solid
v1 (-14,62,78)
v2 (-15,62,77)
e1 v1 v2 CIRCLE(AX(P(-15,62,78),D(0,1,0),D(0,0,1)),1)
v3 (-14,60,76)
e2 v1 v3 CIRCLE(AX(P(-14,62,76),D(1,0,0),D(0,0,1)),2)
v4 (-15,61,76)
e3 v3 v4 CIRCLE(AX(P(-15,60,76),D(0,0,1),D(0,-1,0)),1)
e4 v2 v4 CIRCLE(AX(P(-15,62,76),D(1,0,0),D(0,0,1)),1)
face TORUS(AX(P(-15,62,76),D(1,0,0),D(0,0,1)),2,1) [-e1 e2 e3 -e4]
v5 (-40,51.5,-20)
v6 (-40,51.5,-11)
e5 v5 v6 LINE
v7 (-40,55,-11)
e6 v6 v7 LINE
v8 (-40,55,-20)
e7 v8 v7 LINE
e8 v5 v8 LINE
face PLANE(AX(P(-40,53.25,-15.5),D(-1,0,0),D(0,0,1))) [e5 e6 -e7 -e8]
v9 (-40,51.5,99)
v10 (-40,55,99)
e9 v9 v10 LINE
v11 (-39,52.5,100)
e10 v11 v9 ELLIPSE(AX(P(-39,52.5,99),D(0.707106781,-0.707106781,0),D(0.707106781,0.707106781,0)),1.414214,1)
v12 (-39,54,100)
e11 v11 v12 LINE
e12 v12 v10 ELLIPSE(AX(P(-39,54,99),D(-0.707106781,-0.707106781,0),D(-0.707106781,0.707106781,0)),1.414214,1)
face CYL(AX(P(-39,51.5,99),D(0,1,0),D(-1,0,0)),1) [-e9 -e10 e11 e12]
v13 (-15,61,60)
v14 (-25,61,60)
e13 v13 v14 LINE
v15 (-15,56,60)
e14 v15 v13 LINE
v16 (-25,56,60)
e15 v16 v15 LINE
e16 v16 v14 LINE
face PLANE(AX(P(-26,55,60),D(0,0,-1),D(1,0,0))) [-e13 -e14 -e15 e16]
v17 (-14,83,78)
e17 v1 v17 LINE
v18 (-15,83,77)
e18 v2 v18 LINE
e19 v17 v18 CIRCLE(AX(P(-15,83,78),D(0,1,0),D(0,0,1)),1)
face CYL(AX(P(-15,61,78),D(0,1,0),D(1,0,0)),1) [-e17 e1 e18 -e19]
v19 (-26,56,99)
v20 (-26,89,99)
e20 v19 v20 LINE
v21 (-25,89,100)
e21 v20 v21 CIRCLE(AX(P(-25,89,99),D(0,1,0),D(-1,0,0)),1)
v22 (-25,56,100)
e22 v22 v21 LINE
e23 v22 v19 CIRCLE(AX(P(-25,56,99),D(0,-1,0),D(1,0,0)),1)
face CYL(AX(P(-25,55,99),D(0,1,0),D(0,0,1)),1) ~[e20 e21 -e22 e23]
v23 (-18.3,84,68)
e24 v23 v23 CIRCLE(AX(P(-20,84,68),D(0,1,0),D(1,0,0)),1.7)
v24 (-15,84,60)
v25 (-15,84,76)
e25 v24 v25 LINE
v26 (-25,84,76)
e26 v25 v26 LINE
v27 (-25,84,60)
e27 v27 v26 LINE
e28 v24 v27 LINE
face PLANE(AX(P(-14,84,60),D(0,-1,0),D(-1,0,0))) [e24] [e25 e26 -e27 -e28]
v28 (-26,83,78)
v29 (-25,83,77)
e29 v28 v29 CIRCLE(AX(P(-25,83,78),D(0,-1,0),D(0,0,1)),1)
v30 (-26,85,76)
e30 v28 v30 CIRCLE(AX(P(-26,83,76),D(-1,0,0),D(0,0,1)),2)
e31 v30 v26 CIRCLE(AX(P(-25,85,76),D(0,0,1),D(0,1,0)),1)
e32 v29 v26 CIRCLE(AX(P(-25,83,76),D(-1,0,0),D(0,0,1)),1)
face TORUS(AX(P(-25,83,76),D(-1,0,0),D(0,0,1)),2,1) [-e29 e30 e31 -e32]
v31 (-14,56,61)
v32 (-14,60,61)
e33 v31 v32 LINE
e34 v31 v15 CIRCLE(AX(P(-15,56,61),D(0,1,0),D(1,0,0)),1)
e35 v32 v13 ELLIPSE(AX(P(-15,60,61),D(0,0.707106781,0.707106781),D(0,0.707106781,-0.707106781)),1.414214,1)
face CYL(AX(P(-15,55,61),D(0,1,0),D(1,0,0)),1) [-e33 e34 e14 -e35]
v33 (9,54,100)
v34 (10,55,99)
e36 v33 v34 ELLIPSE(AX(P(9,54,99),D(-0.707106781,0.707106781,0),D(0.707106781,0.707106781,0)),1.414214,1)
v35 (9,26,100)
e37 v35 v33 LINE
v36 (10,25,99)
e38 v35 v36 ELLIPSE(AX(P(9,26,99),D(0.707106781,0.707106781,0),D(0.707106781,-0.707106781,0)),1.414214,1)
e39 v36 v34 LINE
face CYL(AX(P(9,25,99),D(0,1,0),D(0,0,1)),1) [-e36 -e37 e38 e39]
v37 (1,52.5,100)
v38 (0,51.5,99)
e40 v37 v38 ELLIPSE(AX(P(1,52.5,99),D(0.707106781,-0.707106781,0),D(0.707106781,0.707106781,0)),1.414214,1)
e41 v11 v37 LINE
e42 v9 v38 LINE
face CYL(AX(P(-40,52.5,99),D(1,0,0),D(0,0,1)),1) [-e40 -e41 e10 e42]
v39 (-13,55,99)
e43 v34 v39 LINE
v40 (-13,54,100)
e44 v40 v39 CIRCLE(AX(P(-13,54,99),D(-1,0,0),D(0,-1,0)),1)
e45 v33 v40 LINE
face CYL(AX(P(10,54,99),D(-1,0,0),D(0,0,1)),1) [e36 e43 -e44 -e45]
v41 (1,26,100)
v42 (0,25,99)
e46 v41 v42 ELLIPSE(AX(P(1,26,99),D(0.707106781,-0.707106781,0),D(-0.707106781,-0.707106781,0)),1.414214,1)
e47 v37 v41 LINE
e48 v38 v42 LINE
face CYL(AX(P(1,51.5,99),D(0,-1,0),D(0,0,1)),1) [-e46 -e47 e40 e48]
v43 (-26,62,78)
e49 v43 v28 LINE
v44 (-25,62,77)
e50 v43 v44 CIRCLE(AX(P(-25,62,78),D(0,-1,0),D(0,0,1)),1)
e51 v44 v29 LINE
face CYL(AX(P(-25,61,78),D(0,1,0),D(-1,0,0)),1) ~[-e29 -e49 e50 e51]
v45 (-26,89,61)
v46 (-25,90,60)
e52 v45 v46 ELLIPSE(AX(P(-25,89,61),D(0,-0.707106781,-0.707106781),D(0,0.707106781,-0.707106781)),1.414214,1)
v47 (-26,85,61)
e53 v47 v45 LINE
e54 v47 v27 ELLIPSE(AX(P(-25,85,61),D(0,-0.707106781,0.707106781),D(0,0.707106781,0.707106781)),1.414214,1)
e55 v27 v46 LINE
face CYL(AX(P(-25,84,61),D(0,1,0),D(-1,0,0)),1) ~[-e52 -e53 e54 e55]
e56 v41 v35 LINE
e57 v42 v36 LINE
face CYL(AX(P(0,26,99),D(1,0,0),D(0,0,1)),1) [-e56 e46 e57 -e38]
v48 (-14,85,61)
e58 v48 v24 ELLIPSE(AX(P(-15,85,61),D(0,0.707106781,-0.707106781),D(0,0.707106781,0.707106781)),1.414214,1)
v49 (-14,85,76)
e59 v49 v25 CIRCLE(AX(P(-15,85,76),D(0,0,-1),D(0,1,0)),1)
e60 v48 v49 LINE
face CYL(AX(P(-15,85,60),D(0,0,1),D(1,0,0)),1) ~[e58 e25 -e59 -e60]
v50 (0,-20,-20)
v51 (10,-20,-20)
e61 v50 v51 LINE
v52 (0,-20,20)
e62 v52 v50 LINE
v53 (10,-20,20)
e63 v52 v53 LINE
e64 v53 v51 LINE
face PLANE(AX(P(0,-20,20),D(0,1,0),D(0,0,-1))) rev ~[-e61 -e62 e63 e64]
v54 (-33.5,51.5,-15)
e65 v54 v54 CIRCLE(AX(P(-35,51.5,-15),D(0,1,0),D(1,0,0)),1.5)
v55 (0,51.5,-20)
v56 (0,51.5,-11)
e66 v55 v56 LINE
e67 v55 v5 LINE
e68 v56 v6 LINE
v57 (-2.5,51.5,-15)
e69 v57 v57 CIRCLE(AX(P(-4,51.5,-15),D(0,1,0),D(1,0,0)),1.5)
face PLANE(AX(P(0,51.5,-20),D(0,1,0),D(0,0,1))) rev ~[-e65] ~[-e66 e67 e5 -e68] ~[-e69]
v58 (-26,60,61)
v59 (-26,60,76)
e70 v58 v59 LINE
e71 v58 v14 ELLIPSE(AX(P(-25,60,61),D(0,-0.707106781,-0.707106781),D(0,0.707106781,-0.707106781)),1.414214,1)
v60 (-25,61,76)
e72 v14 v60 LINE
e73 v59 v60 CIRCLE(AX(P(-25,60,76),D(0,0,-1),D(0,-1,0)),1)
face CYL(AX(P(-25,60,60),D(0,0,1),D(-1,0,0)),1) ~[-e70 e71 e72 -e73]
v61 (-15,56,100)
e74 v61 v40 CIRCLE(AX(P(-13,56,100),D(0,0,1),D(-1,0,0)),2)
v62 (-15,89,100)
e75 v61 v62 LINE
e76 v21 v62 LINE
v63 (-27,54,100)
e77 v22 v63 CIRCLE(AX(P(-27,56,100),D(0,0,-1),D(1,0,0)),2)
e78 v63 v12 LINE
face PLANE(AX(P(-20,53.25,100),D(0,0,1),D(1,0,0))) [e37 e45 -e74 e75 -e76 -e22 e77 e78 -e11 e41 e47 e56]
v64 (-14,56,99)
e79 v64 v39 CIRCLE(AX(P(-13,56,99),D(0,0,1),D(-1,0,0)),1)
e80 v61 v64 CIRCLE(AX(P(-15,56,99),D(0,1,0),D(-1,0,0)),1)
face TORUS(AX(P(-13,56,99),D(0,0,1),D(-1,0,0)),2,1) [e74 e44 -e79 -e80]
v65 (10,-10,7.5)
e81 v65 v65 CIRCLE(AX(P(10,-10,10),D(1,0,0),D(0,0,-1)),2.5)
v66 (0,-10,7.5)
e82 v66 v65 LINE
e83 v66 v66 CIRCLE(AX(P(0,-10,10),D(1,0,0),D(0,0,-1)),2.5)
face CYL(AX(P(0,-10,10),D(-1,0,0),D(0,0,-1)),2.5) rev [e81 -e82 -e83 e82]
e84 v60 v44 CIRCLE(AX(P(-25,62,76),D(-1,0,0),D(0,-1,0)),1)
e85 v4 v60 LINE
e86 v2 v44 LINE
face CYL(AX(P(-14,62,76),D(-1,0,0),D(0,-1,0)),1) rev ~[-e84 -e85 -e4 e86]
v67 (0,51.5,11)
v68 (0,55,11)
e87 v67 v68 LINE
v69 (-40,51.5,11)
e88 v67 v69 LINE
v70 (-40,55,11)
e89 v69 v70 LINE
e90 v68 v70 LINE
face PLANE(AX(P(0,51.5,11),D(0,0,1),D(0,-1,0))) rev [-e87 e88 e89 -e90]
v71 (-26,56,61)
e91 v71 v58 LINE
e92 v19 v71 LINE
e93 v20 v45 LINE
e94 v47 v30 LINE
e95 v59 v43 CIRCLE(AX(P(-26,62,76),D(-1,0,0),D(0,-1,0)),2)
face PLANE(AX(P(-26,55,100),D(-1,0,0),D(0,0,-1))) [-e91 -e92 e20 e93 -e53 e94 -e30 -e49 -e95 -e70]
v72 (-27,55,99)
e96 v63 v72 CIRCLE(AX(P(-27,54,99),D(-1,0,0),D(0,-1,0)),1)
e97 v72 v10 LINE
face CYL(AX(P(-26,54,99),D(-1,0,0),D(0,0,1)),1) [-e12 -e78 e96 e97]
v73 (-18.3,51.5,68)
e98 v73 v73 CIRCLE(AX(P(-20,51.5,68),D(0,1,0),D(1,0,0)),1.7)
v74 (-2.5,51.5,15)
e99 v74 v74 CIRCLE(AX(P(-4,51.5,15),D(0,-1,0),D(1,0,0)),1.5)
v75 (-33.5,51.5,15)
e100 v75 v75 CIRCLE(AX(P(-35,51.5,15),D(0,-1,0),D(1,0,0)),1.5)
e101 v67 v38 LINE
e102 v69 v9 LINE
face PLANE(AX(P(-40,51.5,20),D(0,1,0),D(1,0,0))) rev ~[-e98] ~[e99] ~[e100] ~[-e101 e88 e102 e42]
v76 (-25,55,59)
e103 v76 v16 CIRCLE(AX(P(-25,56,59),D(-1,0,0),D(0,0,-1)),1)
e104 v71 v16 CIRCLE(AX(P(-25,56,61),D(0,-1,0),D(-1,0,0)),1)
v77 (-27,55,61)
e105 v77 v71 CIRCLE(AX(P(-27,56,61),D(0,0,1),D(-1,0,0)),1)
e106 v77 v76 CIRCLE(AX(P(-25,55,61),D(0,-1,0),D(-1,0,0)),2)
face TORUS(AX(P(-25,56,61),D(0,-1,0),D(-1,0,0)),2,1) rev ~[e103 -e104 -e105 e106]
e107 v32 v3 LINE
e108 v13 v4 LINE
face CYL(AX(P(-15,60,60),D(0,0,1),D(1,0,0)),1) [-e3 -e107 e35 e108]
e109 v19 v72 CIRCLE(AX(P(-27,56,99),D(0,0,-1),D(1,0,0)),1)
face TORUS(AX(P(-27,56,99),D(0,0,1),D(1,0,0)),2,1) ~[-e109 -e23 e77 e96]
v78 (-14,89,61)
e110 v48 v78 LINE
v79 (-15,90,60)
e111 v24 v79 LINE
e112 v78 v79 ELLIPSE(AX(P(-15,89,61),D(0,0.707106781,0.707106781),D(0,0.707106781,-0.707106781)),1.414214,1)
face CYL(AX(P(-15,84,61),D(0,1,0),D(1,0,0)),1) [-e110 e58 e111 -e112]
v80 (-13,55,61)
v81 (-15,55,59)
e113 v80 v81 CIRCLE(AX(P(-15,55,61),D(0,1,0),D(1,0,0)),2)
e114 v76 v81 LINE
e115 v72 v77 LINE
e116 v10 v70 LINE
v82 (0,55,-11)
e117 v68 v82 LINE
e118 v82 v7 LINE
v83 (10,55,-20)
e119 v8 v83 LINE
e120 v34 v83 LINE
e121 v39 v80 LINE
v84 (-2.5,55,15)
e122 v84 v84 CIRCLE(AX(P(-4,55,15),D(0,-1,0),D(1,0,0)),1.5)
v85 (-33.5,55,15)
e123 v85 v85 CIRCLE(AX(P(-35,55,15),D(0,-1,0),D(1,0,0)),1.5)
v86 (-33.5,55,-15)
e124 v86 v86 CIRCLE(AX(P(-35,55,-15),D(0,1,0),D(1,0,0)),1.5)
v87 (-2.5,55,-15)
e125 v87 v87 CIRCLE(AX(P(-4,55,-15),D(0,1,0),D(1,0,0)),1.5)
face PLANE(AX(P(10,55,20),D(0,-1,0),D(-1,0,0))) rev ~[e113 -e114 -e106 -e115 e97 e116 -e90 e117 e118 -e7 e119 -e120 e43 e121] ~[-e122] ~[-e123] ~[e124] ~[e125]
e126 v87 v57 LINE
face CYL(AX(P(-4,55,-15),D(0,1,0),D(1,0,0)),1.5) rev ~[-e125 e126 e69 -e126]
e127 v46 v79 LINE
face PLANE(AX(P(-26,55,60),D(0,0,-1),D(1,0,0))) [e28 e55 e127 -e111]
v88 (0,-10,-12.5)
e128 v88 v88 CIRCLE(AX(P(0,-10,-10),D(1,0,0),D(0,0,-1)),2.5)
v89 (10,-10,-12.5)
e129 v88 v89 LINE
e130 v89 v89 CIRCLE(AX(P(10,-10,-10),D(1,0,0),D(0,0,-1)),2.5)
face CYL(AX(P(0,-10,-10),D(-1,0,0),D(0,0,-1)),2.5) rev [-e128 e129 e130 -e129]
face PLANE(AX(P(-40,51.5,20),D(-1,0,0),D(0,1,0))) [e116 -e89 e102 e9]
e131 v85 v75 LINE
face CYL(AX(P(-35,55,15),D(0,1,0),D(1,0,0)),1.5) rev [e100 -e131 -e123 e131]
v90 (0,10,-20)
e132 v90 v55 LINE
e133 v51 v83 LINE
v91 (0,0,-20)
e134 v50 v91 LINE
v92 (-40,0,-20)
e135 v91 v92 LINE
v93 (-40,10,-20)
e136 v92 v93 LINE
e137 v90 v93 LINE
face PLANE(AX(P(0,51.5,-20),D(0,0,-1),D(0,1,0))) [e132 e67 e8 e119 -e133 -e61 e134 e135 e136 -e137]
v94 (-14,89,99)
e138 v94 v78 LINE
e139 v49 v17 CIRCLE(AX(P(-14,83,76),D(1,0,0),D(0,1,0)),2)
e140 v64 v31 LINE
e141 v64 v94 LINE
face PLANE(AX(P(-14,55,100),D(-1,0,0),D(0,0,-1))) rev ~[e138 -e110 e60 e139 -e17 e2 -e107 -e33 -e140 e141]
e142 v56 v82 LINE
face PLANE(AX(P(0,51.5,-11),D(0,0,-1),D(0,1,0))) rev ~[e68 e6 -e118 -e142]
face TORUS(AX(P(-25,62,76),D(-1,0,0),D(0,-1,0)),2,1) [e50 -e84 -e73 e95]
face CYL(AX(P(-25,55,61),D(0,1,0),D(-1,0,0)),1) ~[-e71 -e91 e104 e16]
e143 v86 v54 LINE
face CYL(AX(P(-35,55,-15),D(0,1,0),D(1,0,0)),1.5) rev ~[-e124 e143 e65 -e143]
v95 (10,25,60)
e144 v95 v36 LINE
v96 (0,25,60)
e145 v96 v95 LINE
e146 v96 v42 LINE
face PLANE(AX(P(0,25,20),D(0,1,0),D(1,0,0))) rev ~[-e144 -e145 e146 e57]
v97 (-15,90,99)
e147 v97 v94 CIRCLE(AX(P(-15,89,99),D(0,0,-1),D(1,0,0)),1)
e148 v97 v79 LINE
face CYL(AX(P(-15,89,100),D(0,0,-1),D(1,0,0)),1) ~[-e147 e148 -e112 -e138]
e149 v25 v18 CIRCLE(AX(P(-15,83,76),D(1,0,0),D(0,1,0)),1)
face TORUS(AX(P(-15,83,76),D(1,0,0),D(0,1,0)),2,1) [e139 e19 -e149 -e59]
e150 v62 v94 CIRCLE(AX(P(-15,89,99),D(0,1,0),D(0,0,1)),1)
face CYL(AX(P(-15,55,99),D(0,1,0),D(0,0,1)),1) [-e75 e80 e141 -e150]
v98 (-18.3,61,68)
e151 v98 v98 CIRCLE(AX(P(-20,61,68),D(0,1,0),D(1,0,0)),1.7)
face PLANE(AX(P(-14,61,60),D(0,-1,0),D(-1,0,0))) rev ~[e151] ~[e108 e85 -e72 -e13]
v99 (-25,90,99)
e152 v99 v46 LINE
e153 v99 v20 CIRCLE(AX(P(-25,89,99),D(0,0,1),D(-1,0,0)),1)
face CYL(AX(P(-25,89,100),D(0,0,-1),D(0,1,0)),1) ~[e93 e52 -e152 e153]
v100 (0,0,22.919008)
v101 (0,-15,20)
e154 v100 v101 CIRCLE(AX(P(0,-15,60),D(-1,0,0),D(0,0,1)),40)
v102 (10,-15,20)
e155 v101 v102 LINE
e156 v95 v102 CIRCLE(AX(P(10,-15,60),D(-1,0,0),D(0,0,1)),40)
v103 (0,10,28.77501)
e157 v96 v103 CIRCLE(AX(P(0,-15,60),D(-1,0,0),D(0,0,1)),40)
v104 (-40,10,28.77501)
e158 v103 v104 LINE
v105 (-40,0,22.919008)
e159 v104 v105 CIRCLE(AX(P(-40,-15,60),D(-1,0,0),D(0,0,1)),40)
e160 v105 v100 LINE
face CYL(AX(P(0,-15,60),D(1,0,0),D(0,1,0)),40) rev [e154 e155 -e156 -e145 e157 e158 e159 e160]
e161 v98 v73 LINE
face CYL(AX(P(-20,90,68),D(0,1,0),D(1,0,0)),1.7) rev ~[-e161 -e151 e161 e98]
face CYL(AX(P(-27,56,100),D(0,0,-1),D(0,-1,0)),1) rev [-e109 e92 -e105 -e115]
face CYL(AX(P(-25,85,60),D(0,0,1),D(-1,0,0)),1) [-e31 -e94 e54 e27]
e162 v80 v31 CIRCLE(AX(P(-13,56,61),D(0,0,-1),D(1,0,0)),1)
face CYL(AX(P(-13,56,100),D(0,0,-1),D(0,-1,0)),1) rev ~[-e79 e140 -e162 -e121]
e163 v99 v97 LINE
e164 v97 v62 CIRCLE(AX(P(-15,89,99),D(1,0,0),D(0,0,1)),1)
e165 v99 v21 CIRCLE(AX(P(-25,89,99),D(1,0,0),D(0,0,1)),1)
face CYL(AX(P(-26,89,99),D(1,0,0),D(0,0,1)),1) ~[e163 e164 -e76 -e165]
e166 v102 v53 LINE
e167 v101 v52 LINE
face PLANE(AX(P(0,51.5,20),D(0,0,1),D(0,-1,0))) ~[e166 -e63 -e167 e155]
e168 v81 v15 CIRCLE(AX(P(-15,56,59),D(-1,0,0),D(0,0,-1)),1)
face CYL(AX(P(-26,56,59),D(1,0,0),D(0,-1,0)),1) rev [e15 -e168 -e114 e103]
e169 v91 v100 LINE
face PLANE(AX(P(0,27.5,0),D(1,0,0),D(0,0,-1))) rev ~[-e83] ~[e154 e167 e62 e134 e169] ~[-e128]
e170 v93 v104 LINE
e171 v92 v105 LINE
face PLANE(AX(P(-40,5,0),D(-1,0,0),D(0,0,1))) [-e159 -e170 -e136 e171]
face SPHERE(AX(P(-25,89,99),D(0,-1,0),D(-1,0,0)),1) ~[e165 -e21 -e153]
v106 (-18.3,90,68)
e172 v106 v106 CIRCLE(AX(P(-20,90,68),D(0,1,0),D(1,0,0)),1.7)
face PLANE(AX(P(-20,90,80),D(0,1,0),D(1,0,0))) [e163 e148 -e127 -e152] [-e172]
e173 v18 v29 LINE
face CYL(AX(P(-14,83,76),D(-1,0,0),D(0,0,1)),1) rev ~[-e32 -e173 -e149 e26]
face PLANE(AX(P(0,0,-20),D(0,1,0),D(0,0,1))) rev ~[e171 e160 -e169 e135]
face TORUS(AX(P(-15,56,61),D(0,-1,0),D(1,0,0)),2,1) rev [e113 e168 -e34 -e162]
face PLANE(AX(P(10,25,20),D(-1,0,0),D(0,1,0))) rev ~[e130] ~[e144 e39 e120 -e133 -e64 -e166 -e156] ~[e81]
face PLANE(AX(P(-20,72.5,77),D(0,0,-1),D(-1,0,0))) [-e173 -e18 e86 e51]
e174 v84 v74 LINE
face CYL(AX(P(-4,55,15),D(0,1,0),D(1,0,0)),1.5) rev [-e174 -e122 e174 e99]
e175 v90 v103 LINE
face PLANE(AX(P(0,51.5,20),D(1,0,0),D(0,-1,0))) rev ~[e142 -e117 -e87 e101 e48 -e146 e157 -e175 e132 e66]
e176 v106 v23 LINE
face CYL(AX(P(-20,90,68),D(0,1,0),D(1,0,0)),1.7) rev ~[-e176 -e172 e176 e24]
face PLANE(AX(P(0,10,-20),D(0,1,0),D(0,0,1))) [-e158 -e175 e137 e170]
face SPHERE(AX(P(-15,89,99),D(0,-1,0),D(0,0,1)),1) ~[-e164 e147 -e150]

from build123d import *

# Parameters (mm, degrees)
SKETCH1_W               = 40
SKETCH1_H               = 55
SKETCH1_H_2             = 20
SKETCH1_R               = 2.5
BOSS_EXTRUDE1_DEPTH     = 10
SKETCH3_W               = 40
SKETCH3_H               = 10
BOSS_EXTRUDE2_DEPTH     = 40
SKETCH4_W               = 9
SKETCH4_H               = 3.5
BOSS_EXTRUDE3_DEPTH     = 40
SKETCH5_R               = 1.5
CUT_EXTRUDE1_DEPTH      = 3.5
SKETCH7_W               = 40
SKETCH7_H               = 3.5
BOSS_EXTRUDE4_DEPTH     = 80
SKETCH8_W               = 12
SKETCH8_H               = 40
BOSS_EXTRUDE5_DEPTH     = 35
SKETCH9_W               = 12
SKETCH9_H               = 23
CUT_EXTRUDE2_DEPTH      = 17
SKETCH10_R              = 1.7
CUT_EXTRUDE3_DEPTH      = 1
CUT_EXTRUDE3_DEPTH_BACK = 38.5
FILLET1_R               = 1
FILLET2_R               = 40


with BuildPart() as part:
    # Sketch1 → Boss-Extrude1 (new body)
    with BuildSketch(Plane(origin=(0, 0, 0), x_dir=(0, 0, -1), z_dir=(1, 0, 0))):
        with Locations((0, 27.5)):
            Rectangle(SKETCH1_W, SKETCH1_H)
        with Locations((0, -10)):
            Rectangle(SKETCH1_W, SKETCH1_H_2)
        with Locations((10, -10)):
            Circle(SKETCH1_R, mode=Mode.SUBTRACT)
        with Locations((-10, -10)):
            Circle(SKETCH1_R, mode=Mode.SUBTRACT)
    extrude(amount=BOSS_EXTRUDE1_DEPTH)

    # Sketch3 → Boss-Extrude2 (add)
    with BuildSketch(Plane.ZY):
        with Locations((0, 5)):
            Rectangle(SKETCH3_W, SKETCH3_H)
    extrude(amount=BOSS_EXTRUDE2_DEPTH)

    # Sketch4 → Boss-Extrude3 (add)
    with BuildSketch(Plane.ZY):
        with Locations((-15.5, 53.25)):
            Rectangle(SKETCH4_W, SKETCH4_H)
    boss_extrude3 = extrude(amount=BOSS_EXTRUDE3_DEPTH)

    # Sketch5 → Cut-Extrude1 (cut)
    with BuildSketch(Plane(origin=(0, 55, 0), x_dir=(1, 0, 0), z_dir=(0, 1, 0))):
        with Locations((-35, 15)):
            Circle(SKETCH5_R)
        with Locations((-4, 15)):
            Circle(SKETCH5_R)
    cut_extrude1 = extrude(amount=-CUT_EXTRUDE1_DEPTH, mode=Mode.SUBTRACT)

    # Mirror2: Boss-Extrude3, Cut-Extrude1 across plane
    add(boss_extrude3.mirror(Plane.XY))
    add(cut_extrude1.mirror(Plane.XY), mode=Mode.SUBTRACT)

    # Sketch7 → Boss-Extrude4 (add)
    with BuildSketch(Plane.XY.offset(20)):
        with Locations((-20, 53.25)):
            Rectangle(SKETCH7_W, SKETCH7_H)
        Polygon((10, 55), (0, 55), (0, 51.5), (0, 25), (10, 25), align=None)
    extrude(amount=BOSS_EXTRUDE4_DEPTH)

    # Sketch8 → Boss-Extrude5 (add)
    with BuildSketch(Plane(origin=(0, 55, 0), x_dir=(1, 0, 0), z_dir=(0, 1, 0))):
        with Locations((-20, -80)):
            Rectangle(SKETCH8_W, SKETCH8_H)
    extrude(amount=BOSS_EXTRUDE5_DEPTH)

    # Sketch9 → Cut-Extrude2 (cut)
    with BuildSketch(Plane(origin=(0, 0, 60), x_dir=(-1, 0, 0), z_dir=(0, 0, -1))):
        with Locations((20, 72.5)):
            Rectangle(SKETCH9_W, SKETCH9_H)
    extrude(amount=-CUT_EXTRUDE2_DEPTH, mode=Mode.SUBTRACT)

    # Sketch10 → Cut-Extrude3 (cut, two sides)
    with BuildSketch(Plane(origin=(0, 90, 0), x_dir=(1, 0, 0), z_dir=(0, 1, 0))) as cut_extrude3_sk:
        with Locations((-20, -68)):
            Circle(SKETCH10_R)
    extrude(amount=CUT_EXTRUDE3_DEPTH, mode=Mode.SUBTRACT)
    extrude(cut_extrude3_sk.sketch, amount=-CUT_EXTRUDE3_DEPTH_BACK, mode=Mode.SUBTRACT)

    # Fillet1
    fillet1_edges = [part.edges().sort_by_distance(p)[0] for p in [
        (-33, 55, 100),
        (-26, 55, 80),
        (-26, 87, 60),
        (-26, 72.5, 100),
        (-14, 55, 80),
        (-14, 72.5, 100),
        (-20, 55, 60),
        (-14, 87, 60),
        (-26, 90, 80),
        (-20, 90, 100),
        (-14, 90, 80),
        (-26, 58, 60),
        (-14, 58, 60),
        (-14, 72.5, 77),
        (-14, 61, 68.5),
        (-20, 84, 77),
        (-14, 84, 68.5),
        (-26, 72.5, 77),
        (-26, 84, 68.5),
        (-20, 61, 77),
        (-26, 61, 68.5),
        (-20, 51.5, 100),
        (0, 38.25, 100),
        (5, 25, 100),
        (10, 40, 100),
        (-2, 55, 100),
        (-40, 53.25, 100),
    ]]
    fillet(fillet1_edges, radius=FILLET1_R)

    # Fillet2
    fillet2_edges = [part.edges().sort_by_distance(p)[0] for p in [
        (5, 25, 20),
    ]]
    fillet(fillet2_edges, radius=FILLET2_R)


solid = part.part
